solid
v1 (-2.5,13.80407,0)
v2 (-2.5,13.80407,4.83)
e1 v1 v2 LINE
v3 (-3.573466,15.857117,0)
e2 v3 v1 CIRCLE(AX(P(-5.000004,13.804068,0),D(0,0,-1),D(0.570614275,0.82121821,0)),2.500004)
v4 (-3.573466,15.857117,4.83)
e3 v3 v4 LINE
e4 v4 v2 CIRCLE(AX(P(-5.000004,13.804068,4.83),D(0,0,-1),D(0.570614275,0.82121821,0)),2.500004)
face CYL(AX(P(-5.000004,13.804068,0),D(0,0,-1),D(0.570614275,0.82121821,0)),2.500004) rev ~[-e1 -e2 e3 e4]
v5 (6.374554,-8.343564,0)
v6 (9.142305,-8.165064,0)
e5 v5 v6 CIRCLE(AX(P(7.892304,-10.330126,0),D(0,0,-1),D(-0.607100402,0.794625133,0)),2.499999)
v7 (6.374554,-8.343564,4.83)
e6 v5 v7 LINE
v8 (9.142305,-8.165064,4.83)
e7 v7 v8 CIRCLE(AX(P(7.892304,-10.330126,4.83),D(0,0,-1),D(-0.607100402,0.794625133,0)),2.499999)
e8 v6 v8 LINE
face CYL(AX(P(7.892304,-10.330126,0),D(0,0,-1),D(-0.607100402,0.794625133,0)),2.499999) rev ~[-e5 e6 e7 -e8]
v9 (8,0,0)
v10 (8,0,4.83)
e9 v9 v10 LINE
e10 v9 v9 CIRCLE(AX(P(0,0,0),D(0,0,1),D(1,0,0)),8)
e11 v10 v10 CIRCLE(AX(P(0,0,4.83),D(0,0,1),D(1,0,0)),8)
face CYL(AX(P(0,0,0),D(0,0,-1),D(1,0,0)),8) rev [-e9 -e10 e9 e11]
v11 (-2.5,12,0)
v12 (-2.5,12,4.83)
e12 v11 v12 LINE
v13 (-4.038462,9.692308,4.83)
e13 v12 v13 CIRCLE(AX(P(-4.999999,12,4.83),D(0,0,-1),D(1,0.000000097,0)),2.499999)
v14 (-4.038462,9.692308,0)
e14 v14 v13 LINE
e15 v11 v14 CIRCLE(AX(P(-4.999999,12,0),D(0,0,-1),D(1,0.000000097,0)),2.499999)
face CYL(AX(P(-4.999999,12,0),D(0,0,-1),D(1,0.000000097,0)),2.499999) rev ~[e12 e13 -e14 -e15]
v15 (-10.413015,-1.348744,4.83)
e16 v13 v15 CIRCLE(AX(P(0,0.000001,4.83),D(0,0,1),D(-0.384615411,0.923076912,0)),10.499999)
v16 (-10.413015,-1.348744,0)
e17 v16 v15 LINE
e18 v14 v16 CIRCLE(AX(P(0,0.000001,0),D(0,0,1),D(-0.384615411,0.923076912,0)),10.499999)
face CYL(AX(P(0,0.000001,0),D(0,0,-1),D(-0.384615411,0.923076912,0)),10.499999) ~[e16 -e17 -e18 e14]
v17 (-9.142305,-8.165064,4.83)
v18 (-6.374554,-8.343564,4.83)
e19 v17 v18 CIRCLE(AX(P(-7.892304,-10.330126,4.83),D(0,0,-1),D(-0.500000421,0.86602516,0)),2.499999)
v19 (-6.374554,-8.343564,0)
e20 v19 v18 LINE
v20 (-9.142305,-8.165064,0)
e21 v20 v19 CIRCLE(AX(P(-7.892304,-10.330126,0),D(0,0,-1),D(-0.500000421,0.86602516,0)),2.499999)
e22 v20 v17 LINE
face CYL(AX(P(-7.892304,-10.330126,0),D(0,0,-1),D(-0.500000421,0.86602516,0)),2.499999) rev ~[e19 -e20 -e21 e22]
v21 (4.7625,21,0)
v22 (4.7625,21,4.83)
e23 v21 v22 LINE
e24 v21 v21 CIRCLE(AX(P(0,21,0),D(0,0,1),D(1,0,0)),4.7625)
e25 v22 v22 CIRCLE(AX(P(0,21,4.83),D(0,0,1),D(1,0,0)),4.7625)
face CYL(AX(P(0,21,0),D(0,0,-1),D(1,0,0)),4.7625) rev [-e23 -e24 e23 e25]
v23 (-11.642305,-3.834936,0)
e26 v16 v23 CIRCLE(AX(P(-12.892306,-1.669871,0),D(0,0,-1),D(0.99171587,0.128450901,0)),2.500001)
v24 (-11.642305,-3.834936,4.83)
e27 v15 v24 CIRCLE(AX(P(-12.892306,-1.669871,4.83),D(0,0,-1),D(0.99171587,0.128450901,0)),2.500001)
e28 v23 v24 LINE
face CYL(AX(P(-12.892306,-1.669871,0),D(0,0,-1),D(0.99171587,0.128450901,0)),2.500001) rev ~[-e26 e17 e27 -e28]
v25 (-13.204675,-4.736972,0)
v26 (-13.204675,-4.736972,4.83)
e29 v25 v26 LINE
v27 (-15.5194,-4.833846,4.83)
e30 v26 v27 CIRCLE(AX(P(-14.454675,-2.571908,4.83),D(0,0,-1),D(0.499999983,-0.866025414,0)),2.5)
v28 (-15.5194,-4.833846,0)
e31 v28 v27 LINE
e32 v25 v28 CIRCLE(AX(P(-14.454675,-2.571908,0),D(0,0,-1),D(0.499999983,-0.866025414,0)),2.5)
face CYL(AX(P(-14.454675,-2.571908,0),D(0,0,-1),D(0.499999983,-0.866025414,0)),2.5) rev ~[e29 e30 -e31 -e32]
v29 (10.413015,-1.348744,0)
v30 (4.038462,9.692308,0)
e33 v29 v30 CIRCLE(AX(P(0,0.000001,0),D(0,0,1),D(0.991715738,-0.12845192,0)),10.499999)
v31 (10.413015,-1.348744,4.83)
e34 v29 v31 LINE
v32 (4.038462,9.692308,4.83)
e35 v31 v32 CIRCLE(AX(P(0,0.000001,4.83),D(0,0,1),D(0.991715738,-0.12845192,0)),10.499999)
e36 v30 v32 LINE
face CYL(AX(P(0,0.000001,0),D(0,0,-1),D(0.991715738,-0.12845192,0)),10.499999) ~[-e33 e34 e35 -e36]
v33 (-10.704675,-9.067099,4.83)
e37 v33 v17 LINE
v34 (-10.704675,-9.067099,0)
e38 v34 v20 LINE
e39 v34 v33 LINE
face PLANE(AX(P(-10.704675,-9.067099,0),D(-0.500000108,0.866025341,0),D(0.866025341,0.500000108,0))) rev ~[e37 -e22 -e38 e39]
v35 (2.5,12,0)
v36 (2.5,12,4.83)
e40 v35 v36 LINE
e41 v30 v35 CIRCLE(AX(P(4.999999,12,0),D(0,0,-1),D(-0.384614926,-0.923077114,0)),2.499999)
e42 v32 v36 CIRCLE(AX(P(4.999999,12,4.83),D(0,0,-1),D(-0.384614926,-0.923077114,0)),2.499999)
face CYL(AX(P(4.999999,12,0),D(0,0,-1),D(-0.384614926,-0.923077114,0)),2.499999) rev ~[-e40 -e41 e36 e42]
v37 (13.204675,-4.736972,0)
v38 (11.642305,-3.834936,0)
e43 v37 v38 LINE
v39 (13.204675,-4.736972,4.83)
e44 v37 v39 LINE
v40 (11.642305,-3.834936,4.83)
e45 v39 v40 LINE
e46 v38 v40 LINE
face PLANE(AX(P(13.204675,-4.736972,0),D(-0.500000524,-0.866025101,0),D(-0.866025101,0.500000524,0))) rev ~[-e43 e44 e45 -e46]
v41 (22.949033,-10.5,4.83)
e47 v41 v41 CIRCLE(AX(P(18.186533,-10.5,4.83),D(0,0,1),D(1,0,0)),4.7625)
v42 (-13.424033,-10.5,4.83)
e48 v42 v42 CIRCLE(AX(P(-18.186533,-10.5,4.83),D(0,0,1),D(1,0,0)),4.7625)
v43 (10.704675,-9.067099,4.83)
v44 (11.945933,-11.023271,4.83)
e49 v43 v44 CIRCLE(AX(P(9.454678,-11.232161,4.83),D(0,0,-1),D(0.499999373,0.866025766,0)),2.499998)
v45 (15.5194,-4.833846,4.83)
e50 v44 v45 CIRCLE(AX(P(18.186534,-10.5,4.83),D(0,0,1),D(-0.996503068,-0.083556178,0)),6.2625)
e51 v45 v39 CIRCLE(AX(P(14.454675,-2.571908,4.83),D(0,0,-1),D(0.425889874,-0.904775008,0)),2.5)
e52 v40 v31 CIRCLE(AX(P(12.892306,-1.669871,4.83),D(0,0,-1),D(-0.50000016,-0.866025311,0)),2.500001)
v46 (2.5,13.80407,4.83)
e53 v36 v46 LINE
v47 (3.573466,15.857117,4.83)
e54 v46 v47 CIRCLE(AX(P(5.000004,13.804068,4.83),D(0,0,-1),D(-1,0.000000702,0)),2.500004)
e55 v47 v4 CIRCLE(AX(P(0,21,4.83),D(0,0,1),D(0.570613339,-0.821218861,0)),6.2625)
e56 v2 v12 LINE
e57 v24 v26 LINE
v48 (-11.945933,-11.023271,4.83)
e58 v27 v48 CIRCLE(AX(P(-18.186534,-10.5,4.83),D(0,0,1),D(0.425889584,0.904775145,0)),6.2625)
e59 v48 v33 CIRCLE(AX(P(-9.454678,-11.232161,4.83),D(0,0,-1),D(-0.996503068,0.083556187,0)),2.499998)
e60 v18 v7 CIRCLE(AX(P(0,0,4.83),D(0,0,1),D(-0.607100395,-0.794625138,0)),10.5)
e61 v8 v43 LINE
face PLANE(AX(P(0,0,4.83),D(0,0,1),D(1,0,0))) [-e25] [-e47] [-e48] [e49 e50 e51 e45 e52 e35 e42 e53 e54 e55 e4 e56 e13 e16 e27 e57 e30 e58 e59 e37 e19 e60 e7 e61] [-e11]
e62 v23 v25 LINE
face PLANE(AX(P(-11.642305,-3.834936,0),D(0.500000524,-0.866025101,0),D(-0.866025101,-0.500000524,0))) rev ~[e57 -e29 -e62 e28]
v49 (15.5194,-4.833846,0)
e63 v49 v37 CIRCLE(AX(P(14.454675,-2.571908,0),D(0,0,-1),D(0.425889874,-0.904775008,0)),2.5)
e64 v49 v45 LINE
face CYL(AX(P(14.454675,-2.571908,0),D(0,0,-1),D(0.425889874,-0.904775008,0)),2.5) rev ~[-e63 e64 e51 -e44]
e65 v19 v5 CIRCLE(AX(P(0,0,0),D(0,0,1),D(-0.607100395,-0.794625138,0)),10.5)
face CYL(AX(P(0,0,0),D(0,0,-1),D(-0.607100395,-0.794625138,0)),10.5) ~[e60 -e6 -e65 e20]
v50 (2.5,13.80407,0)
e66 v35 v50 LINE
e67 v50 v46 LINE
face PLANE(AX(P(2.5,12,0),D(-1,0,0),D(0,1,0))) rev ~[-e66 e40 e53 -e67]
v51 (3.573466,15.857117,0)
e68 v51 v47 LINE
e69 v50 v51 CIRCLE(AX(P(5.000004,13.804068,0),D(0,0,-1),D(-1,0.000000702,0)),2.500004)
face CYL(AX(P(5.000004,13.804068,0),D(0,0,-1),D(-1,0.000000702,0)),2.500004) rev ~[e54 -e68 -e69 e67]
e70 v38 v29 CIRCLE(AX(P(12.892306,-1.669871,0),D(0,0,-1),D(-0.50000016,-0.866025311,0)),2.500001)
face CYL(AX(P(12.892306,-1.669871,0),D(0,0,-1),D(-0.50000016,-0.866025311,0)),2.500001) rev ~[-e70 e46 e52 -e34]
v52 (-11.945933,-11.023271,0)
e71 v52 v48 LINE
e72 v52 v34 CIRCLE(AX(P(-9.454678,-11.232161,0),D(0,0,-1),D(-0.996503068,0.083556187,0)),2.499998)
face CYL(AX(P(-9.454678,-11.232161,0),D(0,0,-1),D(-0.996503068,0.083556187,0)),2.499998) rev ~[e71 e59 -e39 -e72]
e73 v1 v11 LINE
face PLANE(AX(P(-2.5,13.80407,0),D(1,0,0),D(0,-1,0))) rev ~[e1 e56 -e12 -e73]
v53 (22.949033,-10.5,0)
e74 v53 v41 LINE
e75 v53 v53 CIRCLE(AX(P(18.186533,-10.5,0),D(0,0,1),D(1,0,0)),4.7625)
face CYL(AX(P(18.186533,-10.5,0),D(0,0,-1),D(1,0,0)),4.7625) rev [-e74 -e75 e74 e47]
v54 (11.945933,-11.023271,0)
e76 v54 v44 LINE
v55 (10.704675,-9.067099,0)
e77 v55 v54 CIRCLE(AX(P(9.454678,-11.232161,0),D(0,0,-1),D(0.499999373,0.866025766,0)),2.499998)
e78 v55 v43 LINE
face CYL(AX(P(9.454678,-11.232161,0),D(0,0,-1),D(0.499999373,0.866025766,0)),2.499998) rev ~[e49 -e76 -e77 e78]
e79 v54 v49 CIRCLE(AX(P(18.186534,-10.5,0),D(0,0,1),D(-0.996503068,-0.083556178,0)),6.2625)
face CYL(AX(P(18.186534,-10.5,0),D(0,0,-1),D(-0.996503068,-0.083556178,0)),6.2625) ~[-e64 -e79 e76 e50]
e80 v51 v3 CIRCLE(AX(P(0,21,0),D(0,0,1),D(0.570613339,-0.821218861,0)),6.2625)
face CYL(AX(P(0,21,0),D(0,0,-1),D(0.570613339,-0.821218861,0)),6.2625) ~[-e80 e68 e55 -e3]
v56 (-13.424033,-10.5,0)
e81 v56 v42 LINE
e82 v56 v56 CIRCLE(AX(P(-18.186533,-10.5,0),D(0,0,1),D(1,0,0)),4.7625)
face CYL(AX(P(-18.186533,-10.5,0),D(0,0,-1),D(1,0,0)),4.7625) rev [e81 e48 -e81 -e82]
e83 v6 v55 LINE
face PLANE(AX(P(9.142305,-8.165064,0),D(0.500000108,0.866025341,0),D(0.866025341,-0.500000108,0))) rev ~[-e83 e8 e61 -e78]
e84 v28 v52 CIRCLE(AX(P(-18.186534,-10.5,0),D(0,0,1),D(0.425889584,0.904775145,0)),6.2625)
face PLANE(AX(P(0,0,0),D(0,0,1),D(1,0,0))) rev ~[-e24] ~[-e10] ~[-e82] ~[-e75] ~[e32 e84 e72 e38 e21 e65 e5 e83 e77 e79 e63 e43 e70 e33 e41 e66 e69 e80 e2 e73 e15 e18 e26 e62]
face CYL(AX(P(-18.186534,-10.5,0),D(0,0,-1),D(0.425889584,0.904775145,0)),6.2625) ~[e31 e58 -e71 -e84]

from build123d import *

# Parameters (mm, degrees)
F0_R     = 4.7625
F0_R_2   = 8
F1_DEPTH = 4.83


with BuildPart() as f1:
    # F0 (on Top) → F1 (new body)
    with BuildSketch(Plane.XY):
        with BuildLine():
            ThreePointArc((2.5, 13.80407), (2.784562, 14.962445), (3.573466, 15.857117))
            ThreePointArc((3.573466, 15.857117), (0, 27.2625), (-3.573466, 15.857117))
            ThreePointArc((-3.573466, 15.857117), (-2.784562, 14.962445), (-2.5, 13.80407))
            Line((-2.5, 13.80407), (-2.5, 12))
            ThreePointArc((-2.5, 12), (-2.919874, 10.61325), (-4.038462, 9.692308))
            ThreePointArc((-4.038462, 9.692308), (-9.093267, 5.25), (-10.413015, -1.348744))
            ThreePointArc((-10.413015, -1.348744), (-10.651281, -2.777939), (-11.642305, -3.834936))
            Line((-11.642305, -3.834936), (-13.204675, -4.736972))
            ThreePointArc((-13.204675, -4.736972), (-14.350139, -5.069722), (-15.5194, -4.833846))
            ThreePointArc((-15.5194, -4.833846), (-23.610018, -13.63125), (-11.945933, -11.023271))
            ThreePointArc((-11.945933, -11.023271), (-11.565577, -9.892724), (-10.704675, -9.067099))
            Line((-10.704675, -9.067099), (-9.142305, -8.165064))
            ThreePointArc((-9.142305, -8.165064), (-7.731407, -7.83531), (-6.374554, -8.343564))
            ThreePointArc((-6.374554, -8.343564), (0, -10.5), (6.374554, -8.343564))
            ThreePointArc((6.374554, -8.343564), (7.731407, -7.83531), (9.142305, -8.165064))
            Line((9.142305, -8.165064), (10.704675, -9.067099))
            ThreePointArc((10.704675, -9.067099), (11.565577, -9.892724), (11.945933, -11.023271))
            ThreePointArc((11.945933, -11.023271), (23.610018, -13.63125), (15.5194, -4.833846))
            ThreePointArc((15.5194, -4.833846), (14.350139, -5.069722), (13.204675, -4.736972))
            Line((13.204675, -4.736972), (11.642305, -3.834936))
            ThreePointArc((11.642305, -3.834936), (10.651281, -2.777939), (10.413015, -1.348744))
            ThreePointArc((10.413015, -1.348744), (9.093267, 5.25), (4.038462, 9.692308))
            ThreePointArc((4.038462, 9.692308), (2.919874, 10.61325), (2.5, 12))
            Line((2.5, 12), (2.5, 13.80407))
        make_face()
        with Locations((-18.186533, -10.5)):
            Circle(F0_R, mode=Mode.SUBTRACT)
        with Locations((18.186533, -10.5)):
            Circle(F0_R, mode=Mode.SUBTRACT)
        Circle(F0_R_2, mode=Mode.SUBTRACT)
        with Locations((0, 21)):
            Circle(F0_R, mode=Mode.SUBTRACT)
    extrude(amount=F1_DEPTH)


solid = f1.part
